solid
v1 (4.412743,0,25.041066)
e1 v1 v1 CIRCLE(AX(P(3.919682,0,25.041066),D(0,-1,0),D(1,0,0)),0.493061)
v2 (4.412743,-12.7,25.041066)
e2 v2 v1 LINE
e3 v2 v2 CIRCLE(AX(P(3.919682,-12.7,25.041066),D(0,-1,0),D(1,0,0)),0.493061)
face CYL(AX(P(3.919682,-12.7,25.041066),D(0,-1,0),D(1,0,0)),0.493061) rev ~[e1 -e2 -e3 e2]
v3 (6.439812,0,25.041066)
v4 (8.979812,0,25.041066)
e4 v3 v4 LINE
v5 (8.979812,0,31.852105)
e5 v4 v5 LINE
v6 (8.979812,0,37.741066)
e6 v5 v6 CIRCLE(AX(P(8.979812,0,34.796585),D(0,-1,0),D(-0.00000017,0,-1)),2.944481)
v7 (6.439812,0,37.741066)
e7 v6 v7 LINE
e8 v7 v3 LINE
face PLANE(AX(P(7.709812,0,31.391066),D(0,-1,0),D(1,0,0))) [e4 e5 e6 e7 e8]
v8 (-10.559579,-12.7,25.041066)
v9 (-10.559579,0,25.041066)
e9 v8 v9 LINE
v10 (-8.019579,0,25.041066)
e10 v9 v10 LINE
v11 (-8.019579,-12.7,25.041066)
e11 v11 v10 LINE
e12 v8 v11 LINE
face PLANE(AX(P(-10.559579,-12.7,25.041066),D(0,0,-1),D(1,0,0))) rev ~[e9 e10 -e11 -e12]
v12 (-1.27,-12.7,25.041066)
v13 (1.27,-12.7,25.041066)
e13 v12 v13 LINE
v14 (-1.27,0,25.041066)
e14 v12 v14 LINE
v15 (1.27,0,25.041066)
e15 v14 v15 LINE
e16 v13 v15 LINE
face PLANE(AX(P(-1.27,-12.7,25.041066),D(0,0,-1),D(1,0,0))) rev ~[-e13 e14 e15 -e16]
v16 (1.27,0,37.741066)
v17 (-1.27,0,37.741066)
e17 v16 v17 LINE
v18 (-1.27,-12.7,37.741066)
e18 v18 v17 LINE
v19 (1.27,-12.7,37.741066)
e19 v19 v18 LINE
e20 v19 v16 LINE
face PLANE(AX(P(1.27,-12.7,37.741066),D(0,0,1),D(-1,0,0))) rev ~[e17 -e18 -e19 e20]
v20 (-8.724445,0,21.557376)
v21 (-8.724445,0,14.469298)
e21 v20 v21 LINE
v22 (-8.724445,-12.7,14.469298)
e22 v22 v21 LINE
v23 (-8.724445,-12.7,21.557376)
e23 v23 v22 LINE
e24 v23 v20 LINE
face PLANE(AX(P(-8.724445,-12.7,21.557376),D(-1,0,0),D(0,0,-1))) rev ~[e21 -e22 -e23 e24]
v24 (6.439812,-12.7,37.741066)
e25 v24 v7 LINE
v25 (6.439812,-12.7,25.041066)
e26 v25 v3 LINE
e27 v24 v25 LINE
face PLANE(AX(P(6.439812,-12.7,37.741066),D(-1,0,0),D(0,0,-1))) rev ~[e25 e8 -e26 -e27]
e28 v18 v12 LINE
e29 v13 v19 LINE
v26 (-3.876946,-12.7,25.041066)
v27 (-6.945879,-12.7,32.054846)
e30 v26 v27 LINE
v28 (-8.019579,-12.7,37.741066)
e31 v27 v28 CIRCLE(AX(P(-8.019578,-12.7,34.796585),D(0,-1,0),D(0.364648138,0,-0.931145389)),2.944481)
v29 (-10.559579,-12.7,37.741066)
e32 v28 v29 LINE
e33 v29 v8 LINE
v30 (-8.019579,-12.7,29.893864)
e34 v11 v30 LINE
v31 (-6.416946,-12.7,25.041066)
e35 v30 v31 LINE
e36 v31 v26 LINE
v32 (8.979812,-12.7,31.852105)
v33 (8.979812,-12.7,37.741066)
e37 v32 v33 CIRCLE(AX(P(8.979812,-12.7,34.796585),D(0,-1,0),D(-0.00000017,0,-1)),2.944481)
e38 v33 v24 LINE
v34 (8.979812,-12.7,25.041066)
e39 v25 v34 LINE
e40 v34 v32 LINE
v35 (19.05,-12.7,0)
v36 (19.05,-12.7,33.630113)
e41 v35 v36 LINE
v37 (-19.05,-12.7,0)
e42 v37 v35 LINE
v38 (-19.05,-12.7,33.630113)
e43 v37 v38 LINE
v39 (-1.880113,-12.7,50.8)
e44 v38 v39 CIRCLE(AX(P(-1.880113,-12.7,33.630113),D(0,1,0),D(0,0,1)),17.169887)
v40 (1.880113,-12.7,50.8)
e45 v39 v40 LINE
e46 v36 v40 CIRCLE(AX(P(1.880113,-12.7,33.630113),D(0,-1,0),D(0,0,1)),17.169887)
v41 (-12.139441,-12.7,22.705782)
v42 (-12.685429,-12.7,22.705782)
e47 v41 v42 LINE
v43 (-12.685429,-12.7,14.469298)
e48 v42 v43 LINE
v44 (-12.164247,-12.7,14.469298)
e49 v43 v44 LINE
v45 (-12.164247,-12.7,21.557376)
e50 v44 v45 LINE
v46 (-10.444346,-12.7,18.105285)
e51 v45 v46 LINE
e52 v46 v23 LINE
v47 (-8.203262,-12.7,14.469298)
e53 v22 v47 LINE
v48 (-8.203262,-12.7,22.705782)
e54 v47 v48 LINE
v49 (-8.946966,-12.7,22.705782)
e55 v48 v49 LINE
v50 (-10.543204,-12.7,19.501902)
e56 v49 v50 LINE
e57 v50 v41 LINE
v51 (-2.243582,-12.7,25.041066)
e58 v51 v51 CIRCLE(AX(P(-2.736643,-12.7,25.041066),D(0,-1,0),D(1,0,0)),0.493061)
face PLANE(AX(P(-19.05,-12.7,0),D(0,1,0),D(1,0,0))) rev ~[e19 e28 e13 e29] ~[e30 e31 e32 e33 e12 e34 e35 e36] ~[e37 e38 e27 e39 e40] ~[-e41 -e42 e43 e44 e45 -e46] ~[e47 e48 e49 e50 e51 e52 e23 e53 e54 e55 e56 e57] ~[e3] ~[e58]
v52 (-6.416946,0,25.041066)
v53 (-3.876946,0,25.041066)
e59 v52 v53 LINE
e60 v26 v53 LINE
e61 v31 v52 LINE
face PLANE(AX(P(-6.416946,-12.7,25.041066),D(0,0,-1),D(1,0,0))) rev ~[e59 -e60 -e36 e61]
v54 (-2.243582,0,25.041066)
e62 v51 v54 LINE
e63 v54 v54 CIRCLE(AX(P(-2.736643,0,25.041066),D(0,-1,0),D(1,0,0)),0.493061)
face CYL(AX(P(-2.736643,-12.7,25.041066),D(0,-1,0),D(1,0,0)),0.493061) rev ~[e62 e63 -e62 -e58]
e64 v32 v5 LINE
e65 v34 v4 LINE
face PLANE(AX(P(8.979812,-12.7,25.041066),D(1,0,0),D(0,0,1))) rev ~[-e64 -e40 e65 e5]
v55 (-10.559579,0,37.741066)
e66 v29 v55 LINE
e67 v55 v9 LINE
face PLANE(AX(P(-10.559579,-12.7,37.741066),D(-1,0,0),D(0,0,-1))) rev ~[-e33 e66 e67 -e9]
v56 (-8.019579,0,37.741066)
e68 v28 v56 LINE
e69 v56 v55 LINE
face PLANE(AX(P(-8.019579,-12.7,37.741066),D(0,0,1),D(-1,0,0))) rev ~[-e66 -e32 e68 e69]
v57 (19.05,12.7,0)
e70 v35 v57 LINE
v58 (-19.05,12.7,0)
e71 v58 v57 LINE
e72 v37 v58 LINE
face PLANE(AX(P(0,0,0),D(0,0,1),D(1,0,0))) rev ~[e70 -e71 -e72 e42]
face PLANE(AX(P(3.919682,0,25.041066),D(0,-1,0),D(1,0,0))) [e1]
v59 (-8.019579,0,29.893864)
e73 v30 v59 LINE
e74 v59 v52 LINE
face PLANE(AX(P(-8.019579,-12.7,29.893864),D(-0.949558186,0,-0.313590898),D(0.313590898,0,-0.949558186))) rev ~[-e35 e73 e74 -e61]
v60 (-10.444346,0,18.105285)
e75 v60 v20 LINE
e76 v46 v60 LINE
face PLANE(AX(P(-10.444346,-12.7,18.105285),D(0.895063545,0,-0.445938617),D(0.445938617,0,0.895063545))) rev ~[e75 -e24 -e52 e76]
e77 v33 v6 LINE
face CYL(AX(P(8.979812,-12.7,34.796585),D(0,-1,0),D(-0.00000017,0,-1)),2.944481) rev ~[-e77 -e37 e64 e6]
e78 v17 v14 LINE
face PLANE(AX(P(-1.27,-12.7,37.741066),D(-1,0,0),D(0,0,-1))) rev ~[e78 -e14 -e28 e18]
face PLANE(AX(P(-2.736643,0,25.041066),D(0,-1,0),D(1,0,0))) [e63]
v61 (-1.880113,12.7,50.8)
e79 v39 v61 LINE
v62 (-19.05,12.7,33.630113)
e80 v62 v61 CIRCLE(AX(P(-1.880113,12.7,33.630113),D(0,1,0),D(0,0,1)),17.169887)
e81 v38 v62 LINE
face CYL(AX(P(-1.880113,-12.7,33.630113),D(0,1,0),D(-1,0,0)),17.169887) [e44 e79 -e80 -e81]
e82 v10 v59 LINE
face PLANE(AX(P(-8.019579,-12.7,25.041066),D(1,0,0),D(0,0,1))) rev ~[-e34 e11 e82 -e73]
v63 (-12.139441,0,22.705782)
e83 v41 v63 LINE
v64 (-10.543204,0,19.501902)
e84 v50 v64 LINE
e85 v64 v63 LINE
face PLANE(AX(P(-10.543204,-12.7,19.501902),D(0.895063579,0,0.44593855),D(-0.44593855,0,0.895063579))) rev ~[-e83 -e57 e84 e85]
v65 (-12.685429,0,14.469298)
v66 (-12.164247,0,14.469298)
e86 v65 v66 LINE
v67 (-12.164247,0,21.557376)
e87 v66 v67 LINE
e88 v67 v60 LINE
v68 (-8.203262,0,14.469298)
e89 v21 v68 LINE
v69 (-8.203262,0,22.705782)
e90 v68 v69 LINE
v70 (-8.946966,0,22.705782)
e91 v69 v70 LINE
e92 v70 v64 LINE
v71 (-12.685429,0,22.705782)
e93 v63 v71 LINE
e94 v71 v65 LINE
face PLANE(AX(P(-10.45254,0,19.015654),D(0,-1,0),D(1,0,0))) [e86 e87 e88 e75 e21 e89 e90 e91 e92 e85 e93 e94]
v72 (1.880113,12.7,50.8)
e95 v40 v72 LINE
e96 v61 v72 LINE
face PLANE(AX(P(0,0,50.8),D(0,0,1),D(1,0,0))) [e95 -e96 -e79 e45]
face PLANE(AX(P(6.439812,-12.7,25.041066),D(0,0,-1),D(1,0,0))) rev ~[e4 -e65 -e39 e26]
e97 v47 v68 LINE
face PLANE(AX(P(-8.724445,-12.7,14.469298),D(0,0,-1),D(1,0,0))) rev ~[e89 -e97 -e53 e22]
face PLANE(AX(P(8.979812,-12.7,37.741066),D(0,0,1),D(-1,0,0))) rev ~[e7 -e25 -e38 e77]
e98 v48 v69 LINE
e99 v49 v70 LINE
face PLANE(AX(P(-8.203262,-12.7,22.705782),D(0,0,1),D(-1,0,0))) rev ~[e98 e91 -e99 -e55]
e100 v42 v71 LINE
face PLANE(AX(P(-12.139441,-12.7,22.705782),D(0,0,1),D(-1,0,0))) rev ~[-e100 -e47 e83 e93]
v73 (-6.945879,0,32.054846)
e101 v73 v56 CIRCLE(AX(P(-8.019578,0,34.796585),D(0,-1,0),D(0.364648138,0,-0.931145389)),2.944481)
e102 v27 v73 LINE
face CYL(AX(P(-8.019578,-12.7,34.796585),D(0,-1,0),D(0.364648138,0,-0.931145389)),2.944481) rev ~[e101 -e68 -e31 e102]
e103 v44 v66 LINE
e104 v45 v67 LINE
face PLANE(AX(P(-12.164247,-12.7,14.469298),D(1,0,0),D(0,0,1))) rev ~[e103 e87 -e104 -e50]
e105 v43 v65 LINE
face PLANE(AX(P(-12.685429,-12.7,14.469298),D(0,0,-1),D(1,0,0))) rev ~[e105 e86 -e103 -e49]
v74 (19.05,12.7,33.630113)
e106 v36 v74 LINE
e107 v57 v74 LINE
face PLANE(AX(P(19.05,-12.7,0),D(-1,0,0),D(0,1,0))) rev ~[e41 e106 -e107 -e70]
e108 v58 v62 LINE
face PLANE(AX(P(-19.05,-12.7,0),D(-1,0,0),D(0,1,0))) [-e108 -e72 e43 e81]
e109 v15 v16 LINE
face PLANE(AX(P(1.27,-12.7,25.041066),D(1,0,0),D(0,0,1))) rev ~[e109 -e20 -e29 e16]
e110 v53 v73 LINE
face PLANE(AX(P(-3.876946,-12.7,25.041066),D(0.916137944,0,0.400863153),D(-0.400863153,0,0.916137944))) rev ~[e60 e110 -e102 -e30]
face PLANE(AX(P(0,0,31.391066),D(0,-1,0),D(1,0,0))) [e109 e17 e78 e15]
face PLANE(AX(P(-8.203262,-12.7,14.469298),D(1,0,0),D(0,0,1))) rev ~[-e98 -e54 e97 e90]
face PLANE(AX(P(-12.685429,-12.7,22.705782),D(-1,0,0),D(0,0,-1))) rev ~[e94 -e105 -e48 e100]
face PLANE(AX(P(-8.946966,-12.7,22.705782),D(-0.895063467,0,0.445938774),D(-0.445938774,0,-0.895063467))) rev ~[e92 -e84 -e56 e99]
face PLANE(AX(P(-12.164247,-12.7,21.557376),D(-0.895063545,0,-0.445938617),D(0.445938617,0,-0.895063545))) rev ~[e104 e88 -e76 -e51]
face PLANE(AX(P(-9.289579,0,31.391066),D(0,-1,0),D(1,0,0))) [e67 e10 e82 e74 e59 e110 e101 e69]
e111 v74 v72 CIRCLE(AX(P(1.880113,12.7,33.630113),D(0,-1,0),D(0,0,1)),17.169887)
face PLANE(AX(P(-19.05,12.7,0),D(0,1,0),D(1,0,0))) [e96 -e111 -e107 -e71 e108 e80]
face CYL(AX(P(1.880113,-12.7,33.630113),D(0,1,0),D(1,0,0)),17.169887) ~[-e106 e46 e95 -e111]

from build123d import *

# Parameters (mm, degrees)
F0_W      = 38.1
F0_H      = 25.4
F1_DEPTH  = 50.8
F2_R      = 17.169887
F4_DEPTH  = 12.7
F7_DEPTH  = 12.7
F9_DEPTH  = 12.7
F10_R     = 0.493061
F11_DEPTH = 12.7
F14_DEPTH = 12.7


with BuildPart() as f1:
    # F0 (on Top) → F1 (new body)
    with BuildSketch(Plane.XY):
        Rectangle(F0_W, F0_H)
    extrude(amount=F1_DEPTH)

    # F2
    f2_edges = [f1.edges().sort_by_distance(p)[0] for p in [
        (19.05, 0, 50.8),
        (-19.05, 0, 50.8),
    ]]
    fillet(f2_edges, radius=F2_R)

    # F3 (on face) → F4 (cut)
    with BuildSketch(Plane.XZ.offset(12.7)):
        Polygon((1.27, 25.041066), (1.27, 37.741066), (-1.27, 37.741066), (-1.27, 25.041066), (0, 25.041066), align=None)
    extrude(amount=-F4_DEPTH, mode=Mode.SUBTRACT)

    # F6 (on face) → F7 (cut)
    with BuildSketch(Plane.XZ.offset(12.7)):
        Polygon((6.439812, 37.741066), (6.439812, 25.041066), (8.979812, 25.041066), (8.979812, 31.852105), (8.979812, 37.741066), align=None)
        with BuildLine():
            ThreePointArc((8.979812, 31.852105), (11.924293, 34.796585), (8.979812, 37.741066))
            Line((8.979812, 37.741066), (8.979812, 31.852105))
        make_face()
    extrude(amount=-F7_DEPTH, mode=Mode.SUBTRACT)

    # F8 (on face) → F9 (cut)
    with BuildSketch(Plane.XZ.offset(12.7)):
        Polygon((-10.559579, 37.741066), (-10.559579, 25.041066), (-8.019579, 25.041066), (-8.019579, 29.893864), (-8.019579, 31.852105), (-8.019579, 37.741066), align=None)
        with BuildLine():
            Line((-8.019579, 31.852105), (-8.019579, 29.893864))
            Line((-8.019579, 29.893864), (-6.416946, 25.041066))
            Line((-6.416946, 25.041066), (-3.876946, 25.041066))
            Line((-3.876946, 25.041066), (-6.945879, 32.054846))
            ThreePointArc((-6.945879, 32.054846), (-7.473242, 31.903234), (-8.019579, 31.852105))
        make_face()
        with BuildLine():
            ThreePointArc((-6.945879, 32.054846), (-5.126227, 35.342922), (-8.019579, 37.741066))
            Line((-8.019579, 37.741066), (-8.019579, 31.852105))
            ThreePointArc((-8.019579, 31.852105), (-7.473242, 31.903234), (-6.945879, 32.054846))
        make_face()
    extrude(amount=-F9_DEPTH, mode=Mode.SUBTRACT)

    # F10 (on face) → F11 (cut)
    with BuildSketch(Plane.XZ.offset(12.7)):
        with Locations((-2.736643, 25.041066)):
            Circle(F10_R)
        with Locations((3.919682, 25.041066)):
            Circle(F10_R)
    extrude(amount=-F11_DEPTH, mode=Mode.SUBTRACT)

    # F13 (on face) → F14 (cut)
    with BuildSketch(Plane.XZ.offset(12.7)):
        Polygon((-12.685429, 22.705782), (-12.685429, 14.469298), (-12.164247, 14.469298), (-12.164247, 21.557376), (-10.444346, 18.105285), (-8.724445, 21.557376), (-8.724445, 14.469298), (-8.203262, 14.469298), (-8.203262, 22.705782), (-8.946966, 22.705782), (-10.543204, 19.501902), (-12.139441, 22.705782), align=None)
    extrude(amount=-F14_DEPTH, mode=Mode.SUBTRACT)


solid = f1.part
